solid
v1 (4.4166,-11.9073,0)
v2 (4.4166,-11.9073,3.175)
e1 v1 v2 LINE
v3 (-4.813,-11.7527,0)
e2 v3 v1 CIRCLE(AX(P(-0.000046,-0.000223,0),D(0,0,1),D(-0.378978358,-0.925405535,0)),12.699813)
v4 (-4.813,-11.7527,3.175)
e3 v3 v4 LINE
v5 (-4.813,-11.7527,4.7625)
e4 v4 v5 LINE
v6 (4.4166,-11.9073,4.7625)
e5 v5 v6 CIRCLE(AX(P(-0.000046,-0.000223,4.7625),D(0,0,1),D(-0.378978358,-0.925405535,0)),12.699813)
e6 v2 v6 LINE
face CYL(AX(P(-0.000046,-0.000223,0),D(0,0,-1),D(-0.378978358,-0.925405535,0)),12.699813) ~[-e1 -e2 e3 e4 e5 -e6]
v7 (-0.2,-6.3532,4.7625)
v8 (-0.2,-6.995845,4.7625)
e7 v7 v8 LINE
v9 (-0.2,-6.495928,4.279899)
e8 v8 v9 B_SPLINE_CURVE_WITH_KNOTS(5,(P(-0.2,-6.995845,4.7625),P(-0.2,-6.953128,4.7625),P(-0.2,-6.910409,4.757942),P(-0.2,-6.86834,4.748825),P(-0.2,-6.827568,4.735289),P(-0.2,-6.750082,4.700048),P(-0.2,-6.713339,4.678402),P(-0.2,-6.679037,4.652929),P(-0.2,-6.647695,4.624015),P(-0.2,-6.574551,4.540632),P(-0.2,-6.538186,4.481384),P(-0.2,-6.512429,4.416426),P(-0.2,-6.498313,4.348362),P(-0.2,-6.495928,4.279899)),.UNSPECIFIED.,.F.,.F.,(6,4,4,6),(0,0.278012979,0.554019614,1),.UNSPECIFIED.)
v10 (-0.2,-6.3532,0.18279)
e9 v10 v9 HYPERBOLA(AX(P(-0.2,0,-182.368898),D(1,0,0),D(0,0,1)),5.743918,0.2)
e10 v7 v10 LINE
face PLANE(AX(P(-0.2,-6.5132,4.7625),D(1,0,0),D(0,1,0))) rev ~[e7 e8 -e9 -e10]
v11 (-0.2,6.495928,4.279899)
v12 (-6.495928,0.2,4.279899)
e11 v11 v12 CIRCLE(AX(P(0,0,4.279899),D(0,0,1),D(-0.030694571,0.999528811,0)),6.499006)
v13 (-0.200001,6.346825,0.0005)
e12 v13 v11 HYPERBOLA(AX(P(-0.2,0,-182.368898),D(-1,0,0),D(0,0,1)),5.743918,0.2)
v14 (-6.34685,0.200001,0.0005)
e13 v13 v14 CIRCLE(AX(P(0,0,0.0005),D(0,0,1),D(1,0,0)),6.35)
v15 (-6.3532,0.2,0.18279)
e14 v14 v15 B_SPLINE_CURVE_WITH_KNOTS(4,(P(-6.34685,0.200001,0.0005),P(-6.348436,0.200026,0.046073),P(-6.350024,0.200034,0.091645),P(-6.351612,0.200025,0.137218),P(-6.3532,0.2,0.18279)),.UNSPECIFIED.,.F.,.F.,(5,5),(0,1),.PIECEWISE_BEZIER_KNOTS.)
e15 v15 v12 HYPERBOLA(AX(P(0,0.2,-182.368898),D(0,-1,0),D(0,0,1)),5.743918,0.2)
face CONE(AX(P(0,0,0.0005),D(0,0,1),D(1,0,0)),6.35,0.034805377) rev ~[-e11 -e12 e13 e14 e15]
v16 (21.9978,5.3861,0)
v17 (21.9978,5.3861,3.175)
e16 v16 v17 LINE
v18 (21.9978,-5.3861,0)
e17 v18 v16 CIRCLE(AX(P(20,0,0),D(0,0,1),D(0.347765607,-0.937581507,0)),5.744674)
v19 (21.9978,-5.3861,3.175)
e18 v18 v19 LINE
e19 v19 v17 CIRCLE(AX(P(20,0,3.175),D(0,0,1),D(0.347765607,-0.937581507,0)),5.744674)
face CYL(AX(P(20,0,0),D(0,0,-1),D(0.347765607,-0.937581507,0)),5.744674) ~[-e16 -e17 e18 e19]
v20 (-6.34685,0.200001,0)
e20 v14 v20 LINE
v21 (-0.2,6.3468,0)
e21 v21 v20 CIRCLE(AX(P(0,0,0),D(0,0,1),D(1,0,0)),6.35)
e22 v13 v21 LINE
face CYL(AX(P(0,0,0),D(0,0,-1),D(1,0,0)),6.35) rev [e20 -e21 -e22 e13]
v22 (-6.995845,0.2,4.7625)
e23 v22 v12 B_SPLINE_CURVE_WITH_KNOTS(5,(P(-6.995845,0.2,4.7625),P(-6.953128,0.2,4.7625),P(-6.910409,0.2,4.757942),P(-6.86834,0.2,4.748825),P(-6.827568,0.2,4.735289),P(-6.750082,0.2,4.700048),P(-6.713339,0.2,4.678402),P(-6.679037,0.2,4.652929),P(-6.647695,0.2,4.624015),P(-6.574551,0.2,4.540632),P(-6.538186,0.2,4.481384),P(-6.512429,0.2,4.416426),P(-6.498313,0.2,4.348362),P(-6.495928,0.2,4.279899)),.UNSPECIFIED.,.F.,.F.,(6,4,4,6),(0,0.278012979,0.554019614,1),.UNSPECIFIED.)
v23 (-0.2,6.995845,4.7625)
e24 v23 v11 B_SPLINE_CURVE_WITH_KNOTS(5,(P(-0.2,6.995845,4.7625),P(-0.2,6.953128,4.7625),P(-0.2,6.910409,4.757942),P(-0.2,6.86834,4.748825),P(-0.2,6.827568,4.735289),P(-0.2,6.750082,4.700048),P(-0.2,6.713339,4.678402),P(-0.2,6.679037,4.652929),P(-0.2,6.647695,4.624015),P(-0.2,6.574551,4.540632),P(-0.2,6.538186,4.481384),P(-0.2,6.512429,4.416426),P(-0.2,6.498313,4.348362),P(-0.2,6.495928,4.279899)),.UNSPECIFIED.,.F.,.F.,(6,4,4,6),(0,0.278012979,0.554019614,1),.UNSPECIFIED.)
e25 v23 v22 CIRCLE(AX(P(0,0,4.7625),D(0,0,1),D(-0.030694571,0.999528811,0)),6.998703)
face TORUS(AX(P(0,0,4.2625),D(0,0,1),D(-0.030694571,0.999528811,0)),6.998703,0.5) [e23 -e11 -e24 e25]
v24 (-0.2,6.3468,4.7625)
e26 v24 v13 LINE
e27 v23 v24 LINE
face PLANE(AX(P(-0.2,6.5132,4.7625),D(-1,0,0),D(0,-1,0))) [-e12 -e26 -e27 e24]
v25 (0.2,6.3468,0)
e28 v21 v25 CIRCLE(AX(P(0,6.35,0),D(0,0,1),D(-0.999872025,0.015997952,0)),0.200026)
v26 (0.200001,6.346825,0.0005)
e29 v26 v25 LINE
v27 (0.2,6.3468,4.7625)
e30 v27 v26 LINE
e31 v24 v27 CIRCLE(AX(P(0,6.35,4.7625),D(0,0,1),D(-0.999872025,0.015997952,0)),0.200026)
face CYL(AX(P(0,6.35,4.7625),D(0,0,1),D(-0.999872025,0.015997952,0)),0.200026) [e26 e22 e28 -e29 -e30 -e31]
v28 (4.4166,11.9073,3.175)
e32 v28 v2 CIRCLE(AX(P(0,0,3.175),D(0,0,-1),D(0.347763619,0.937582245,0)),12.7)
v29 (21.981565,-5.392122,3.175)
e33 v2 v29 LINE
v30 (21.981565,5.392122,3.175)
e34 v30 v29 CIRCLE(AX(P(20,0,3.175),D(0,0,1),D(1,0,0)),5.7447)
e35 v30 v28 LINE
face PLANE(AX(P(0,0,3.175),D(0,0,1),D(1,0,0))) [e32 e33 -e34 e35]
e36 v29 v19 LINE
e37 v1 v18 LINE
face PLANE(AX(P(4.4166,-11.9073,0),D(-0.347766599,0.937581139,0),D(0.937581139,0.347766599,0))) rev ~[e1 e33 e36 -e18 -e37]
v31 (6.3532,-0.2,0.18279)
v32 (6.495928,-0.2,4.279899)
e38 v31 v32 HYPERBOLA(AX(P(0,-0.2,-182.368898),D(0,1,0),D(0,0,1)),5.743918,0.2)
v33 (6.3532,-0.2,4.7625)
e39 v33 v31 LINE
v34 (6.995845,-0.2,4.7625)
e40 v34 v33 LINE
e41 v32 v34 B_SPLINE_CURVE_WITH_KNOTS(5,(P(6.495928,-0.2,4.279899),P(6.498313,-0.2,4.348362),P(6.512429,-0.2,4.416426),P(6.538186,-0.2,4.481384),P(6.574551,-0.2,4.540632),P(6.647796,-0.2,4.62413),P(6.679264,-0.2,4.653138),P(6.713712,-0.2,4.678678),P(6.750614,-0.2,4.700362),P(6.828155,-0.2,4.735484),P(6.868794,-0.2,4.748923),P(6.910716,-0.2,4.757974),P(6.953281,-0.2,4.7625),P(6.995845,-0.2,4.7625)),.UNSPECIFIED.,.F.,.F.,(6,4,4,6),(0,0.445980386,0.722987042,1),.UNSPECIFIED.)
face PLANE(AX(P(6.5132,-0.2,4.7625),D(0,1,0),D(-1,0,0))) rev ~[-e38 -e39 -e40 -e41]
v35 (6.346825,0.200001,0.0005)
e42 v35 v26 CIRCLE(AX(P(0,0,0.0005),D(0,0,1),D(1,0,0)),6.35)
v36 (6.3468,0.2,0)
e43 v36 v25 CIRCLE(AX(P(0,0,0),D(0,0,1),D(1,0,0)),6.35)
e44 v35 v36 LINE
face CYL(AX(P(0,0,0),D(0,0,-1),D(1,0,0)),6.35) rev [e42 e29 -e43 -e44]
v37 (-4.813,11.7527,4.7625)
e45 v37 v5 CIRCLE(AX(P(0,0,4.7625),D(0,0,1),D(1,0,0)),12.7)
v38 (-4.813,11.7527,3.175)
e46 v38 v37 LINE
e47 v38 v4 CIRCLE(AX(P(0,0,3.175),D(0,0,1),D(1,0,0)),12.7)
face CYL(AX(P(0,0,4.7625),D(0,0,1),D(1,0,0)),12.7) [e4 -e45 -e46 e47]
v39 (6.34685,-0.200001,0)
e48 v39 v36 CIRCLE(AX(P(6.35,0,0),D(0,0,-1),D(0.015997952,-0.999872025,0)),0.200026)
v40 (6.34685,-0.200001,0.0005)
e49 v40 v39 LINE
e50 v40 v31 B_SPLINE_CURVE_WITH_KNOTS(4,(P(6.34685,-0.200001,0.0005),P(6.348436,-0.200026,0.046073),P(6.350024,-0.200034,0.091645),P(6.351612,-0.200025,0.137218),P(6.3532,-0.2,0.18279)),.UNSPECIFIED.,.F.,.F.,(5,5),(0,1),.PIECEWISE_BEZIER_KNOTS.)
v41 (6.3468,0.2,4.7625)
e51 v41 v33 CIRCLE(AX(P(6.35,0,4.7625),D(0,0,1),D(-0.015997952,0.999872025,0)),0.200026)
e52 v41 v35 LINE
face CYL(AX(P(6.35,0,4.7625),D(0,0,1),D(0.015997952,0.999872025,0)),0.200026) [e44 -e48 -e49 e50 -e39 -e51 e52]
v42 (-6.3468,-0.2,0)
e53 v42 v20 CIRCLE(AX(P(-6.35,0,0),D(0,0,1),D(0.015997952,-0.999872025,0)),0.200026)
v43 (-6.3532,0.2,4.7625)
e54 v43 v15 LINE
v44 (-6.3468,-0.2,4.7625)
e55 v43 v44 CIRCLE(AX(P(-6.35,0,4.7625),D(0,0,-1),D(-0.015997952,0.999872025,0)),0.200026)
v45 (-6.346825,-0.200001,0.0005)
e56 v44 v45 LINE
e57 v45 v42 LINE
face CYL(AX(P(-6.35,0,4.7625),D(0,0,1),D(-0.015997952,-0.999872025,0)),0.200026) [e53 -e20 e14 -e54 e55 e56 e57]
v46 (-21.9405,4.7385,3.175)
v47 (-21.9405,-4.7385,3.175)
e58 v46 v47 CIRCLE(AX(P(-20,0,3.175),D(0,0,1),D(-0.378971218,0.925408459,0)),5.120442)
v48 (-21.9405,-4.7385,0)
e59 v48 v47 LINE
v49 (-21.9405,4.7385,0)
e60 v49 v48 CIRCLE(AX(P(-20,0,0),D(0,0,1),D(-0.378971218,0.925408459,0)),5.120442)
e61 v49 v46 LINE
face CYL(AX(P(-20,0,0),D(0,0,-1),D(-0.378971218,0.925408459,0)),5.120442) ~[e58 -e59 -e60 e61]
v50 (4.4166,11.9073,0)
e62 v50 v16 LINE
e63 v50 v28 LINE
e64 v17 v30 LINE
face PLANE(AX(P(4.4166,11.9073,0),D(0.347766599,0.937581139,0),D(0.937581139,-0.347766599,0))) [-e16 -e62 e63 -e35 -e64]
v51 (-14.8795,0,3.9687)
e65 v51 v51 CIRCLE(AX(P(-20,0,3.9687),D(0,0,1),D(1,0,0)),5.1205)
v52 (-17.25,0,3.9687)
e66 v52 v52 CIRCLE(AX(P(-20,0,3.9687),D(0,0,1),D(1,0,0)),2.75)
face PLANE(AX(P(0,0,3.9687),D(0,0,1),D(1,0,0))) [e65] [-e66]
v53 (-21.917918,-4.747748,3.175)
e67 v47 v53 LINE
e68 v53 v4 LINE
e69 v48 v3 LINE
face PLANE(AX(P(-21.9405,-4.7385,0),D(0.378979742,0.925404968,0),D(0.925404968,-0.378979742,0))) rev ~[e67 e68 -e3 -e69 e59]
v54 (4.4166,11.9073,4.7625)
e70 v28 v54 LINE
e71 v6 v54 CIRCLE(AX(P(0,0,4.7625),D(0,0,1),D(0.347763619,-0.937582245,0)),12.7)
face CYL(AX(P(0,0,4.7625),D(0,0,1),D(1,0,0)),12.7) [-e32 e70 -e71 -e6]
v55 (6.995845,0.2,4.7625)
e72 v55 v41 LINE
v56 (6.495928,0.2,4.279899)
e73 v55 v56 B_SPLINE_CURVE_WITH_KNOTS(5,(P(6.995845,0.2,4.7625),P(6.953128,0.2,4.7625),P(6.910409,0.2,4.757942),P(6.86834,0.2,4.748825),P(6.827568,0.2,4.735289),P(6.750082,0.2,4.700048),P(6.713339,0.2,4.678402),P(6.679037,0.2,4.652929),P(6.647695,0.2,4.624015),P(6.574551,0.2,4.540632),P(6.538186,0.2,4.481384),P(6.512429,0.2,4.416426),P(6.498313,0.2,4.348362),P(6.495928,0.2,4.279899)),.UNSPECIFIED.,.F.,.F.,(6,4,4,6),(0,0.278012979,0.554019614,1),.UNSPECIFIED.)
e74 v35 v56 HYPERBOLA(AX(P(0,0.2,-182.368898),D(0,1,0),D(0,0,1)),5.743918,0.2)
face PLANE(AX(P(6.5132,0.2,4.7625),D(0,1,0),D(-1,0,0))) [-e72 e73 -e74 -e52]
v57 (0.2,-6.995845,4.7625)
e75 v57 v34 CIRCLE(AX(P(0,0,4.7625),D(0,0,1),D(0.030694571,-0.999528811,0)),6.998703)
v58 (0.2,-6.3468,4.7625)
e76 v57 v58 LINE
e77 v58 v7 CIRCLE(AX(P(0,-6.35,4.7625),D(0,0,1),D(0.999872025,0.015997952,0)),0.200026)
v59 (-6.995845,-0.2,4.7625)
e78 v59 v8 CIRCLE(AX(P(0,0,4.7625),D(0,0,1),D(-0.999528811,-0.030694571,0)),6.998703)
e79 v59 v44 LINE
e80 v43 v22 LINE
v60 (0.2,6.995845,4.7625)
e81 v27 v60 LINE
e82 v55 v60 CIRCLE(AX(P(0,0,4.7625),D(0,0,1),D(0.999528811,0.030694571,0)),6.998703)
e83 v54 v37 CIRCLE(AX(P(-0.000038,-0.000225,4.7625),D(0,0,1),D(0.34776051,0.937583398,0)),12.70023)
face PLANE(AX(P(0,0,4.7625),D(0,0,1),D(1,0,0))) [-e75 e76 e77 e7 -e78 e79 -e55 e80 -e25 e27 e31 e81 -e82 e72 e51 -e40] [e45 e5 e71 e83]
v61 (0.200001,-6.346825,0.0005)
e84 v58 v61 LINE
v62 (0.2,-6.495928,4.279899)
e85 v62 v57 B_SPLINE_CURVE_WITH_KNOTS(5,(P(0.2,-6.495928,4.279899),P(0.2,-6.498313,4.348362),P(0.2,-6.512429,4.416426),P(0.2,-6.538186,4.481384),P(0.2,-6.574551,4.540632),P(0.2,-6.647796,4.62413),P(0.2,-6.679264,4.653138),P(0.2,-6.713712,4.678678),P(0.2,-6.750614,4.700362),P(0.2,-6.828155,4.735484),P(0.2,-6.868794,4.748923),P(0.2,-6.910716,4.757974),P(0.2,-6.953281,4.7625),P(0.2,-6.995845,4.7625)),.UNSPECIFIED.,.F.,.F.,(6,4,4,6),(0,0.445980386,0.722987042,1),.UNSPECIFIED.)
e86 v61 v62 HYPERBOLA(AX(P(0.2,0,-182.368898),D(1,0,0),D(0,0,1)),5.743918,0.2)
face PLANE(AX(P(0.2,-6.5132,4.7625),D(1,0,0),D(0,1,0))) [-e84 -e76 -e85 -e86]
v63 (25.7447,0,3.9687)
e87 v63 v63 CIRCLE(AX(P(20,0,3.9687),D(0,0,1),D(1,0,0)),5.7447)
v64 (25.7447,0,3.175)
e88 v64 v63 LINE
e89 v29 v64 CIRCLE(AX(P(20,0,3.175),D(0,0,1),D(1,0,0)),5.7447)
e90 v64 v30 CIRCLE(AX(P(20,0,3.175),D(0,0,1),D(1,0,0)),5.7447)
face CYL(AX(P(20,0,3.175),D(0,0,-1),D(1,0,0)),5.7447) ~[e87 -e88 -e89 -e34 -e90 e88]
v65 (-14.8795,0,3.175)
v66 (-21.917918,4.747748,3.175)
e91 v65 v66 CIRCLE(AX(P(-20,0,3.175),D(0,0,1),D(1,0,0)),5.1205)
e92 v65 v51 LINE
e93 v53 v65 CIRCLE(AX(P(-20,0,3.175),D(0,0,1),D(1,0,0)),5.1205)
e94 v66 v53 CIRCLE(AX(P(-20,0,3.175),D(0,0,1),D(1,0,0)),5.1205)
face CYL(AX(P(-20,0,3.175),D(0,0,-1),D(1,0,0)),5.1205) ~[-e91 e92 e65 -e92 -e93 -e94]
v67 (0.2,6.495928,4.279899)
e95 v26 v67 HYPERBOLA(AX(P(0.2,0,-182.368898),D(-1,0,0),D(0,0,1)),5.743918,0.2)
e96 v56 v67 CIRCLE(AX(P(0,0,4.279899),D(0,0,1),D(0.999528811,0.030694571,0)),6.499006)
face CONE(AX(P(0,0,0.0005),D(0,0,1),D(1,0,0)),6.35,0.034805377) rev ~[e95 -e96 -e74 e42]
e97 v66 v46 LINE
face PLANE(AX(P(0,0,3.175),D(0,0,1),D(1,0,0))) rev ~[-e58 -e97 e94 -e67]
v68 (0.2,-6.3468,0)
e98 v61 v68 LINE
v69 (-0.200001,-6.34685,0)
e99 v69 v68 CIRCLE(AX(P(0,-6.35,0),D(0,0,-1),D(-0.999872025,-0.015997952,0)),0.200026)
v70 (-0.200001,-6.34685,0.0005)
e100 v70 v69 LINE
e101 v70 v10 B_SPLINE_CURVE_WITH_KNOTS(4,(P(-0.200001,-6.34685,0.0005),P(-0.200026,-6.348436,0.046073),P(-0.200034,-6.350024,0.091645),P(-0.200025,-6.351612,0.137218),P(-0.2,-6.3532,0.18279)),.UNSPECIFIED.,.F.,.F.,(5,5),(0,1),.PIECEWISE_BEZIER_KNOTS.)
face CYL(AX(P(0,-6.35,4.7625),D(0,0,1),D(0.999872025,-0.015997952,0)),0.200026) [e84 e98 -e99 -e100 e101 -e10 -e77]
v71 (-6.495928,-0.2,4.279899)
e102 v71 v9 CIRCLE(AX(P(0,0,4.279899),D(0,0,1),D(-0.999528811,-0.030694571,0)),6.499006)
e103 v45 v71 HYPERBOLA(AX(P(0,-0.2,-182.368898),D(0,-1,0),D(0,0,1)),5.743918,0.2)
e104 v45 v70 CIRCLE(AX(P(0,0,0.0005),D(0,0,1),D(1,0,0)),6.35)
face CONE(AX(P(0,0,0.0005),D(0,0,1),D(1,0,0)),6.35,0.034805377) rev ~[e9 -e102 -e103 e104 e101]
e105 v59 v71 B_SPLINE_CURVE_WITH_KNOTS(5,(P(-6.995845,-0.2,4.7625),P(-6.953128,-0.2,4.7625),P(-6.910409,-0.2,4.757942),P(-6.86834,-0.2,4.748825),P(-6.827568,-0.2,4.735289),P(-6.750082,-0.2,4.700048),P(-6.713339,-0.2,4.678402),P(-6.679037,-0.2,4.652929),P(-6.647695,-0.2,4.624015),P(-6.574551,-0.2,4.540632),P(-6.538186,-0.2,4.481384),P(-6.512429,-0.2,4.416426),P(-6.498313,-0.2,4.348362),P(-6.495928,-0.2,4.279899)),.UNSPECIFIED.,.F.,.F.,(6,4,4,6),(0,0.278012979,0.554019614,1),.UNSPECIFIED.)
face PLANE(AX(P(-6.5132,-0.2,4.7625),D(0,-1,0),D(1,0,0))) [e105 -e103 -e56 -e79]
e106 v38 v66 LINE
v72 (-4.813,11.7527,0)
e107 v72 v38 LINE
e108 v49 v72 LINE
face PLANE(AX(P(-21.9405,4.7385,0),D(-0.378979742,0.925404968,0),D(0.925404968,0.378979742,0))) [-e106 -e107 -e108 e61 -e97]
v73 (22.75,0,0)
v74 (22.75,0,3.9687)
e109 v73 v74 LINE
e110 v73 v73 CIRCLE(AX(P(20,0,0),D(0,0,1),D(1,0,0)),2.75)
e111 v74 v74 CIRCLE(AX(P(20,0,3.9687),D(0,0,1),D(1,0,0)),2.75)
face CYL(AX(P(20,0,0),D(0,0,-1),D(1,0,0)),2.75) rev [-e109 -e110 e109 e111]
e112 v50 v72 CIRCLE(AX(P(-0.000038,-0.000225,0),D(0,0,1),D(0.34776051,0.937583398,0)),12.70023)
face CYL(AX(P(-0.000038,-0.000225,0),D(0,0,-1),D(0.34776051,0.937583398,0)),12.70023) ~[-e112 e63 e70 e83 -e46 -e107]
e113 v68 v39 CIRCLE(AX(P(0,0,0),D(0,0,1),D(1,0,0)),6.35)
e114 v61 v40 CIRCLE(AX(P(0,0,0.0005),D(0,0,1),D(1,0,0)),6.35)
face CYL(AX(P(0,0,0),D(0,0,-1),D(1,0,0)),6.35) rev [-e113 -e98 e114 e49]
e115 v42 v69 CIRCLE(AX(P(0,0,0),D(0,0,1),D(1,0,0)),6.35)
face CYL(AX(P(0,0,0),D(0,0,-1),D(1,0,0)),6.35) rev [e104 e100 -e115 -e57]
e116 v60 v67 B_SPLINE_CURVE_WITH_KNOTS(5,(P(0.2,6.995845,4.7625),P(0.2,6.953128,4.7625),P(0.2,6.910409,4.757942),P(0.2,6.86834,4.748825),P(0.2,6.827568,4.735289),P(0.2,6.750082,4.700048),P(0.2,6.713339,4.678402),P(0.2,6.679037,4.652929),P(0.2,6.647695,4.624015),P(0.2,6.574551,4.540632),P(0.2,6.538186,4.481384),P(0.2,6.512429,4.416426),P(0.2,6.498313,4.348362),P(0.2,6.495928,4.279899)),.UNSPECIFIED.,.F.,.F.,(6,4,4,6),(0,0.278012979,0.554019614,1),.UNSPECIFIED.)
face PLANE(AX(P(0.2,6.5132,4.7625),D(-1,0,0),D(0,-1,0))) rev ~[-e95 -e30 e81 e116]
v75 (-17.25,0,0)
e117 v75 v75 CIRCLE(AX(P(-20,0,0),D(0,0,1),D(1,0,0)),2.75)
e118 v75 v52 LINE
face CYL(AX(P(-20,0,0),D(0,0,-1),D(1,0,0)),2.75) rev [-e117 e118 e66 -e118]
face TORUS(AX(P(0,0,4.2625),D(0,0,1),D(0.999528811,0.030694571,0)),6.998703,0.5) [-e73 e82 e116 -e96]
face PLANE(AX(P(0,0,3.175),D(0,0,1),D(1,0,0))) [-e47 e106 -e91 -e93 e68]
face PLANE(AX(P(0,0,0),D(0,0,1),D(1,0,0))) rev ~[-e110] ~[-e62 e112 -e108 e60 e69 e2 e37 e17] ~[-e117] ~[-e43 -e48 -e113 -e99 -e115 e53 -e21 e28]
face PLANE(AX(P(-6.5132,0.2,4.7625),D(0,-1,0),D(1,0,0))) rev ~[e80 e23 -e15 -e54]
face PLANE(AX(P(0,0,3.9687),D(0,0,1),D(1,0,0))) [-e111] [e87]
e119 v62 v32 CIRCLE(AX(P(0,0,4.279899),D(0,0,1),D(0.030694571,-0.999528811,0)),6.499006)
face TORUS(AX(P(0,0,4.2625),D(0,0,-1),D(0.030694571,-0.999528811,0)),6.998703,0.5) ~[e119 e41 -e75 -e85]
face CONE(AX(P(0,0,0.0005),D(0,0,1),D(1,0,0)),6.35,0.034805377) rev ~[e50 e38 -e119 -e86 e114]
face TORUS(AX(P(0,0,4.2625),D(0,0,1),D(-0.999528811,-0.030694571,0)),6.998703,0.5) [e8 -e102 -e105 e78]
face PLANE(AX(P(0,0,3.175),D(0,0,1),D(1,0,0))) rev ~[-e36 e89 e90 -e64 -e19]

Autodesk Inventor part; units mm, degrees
ref_plane "YZ Plane" through (0, 0, 0) normal (1, 0, 0) x (0, 1, 0)
ref_plane "XZ Plane" through (0, 0, 0) normal (0, 1, 0) x (-1, 0, 0)
ref_plane "XY Plane" through (0, 0, 0) normal (0, 0, 1) x (1, 0, 0)
sketch "Sketch1" plane through (0, 0, 0) normal (0, 0, 1) x (1, 0, 0)
  circle A0 centre (0, 0) radius 6.35
  line L0 (0, 0) -> (-20, 0) construction
  line L1 (0, 0) -> (20, 0) construction
  circle A1 centre (-20, 0) radius 2.75
  circle A2 centre (20, 0) radius 2.75
  arc A3 (-21.9405, 4.7385) -> (-21.9405, -4.7385) centre (-20, 0) ccw
  arc A4 (21.9978, -5.3861) -> (21.9978, 5.3861) centre (20, 0) ccw
  line L2 (-21.9405, 4.7385) -> (-4.813, 11.7527)
  line L3 (-21.9405, -4.7385) -> (-4.813, -11.7527)
  line L4 (4.4166, -11.9073) -> (21.9978, -5.3861)
  line L5 (4.4166, 11.9073) -> (21.9978, 5.3861)
  arc A5 (4.4166, 11.9073) -> (-4.813, 11.7527) centre (0, 0) ccw
  arc A6 (-4.813, -11.7527) -> (4.4166, -11.9073) centre (0, 0) ccw
  dimension "d0" = 12.7
  dimension "d2" = 20
  dimension "d3" = 20
  dimension "d4" = 5.5
  dimension "d5" = 5.5
extrude "Extrusion1" add sketch "Sketch1" along normal blind 4.7625
chamfer "Chamfer1" distance 4.7625 angle 2 1 edges at (-6.35, 0, 4.7625) measured on face at (6.2678, -1.0186, 3.175)
sketch "Sketch2" plane through (0, 0, 4.7625) normal (0, 0, 1) x (1, 0, 0)
  line L0 (0.2, 6.5132) -> (0.2, 6.3468)
  line L1 (-0.2, 6.5132) -> (-0.2, 6.3468)
  circle A0 centre (0, 0) radius 6.5163 projected
  circle A1 centre (0, 0) radius 6.35 projected
  arc A2 (-0.2, 6.3532) -> (0.2, 6.3532) centre (0, 6.35) ccw
  line L2 (-6.5132, -0.2) -> (-6.3468, -0.2)
  arc A3 (-6.3532, -0.2) -> (-6.3532, 0.2) centre (-6.35, 0) ccw
  line L3 (-6.5132, 0.2) -> (-6.3468, 0.2)
  line L4 (0.2, -6.5132) -> (0.2, -6.3468)
  arc A4 (0.2, -6.3532) -> (-0.2, -6.3532) centre (0, -6.35) ccw
  line L5 (-0.2, -6.5132) -> (-0.2, -6.3468)
  line L6 (6.5132, 0.2) -> (6.3468, 0.2)
  arc A5 (6.3532, 0.2) -> (6.3532, -0.2) centre (6.35, 0) ccw
  line L7 (6.5132, -0.2) -> (6.3468, -0.2)
  dimension "d11" = 0.2
  dimension "d12" = 0.2
  dimension "d15" = 360
extrude "Extrusion2" add sketch "Sketch2" against normal blind 4.7625 contours L0 A1 L1 A0 | A0 L7 A5 A1 L6 | A2 A1 | L3 A3 A1 L2 A0 | A1 A5 | A3 A1 | A0 L5 A4 A1 L4 | A1 A4
fillet "Fillet1" radius 0.5 4 edges at (-4.6074, 4.6074, 4.7625) (-4.6074, -4.6074, 4.7625) (4.6074, -4.6074, 4.7625) (4.6074, 4.6074, 4.7625)
sketch "Sketch3" plane through (0, 0, 4.7625) normal (0, 0, 1) x (1, 0, 0)
  circle A0 centre (0, 0) radius 12.7
  circle A1 centre (20, 0) radius 2.75 projected
  circle A2 centre (-20, 0) radius 2.75 projected
  line L0 (-4.813, 11.7527) -> (-21.9405, 4.7385) projected
  arc A3 (-21.9405, 4.7385) -> (-21.9405, -4.7385) centre (-20, 0) ccw projected
  line L1 (-21.9405, -4.7385) -> (-4.813, -11.7527) projected
  arc A4 (-4.813, -11.7527) -> (4.4166, -11.9073) centre (0, 0) ccw projected
  line L2 (4.4166, -11.9073) -> (21.9978, -5.3861) projected
  arc A5 (21.9978, -5.3861) -> (21.9978, 5.3861) centre (20, 0) ccw projected
  line L3 (21.9978, 5.3861) -> (4.4166, 11.9073) projected
  arc A6 (4.4166, 11.9073) -> (-4.813, 11.7527) centre (0, 0) ccw projected
  line L4 (0.2, 6.3468) -> (0.2, 6.9963) projected
  arc A7 (6.9963, 0.2) -> (0.2, 6.9963) centre (0, 0) ccw projected
  line L5 (6.9963, 0.2) -> (6.3468, 0.2) projected
  arc A8 (6.3468, 0.2) -> (6.3468, -0.2) centre (6.35, 0) ccw projected
  line L6 (6.3468, -0.2) -> (6.9963, -0.2) projected
  arc A9 (0.2, -6.9963) -> (6.9963, -0.2) centre (0, 0) ccw projected
  line L7 (0.2, -6.9963) -> (0.2, -6.3468) projected
  arc A10 (0.2, -6.3468) -> (-0.2, -6.3468) centre (0, -6.35) ccw projected
  line L8 (-0.2, -6.3468) -> (-0.2, -6.9963) projected
  arc A11 (-6.9963, -0.2) -> (-0.2, -6.9963) centre (0, 0) ccw projected
  line L9 (-6.9963, -0.2) -> (-6.3468, -0.2) projected
  arc A12 (-6.3468, -0.2) -> (-6.3468, 0.2) centre (-6.35, 0) ccw projected
  line L10 (-6.3468, 0.2) -> (-6.9963, 0.2) projected
  arc A13 (-0.2, 6.9963) -> (-6.9963, 0.2) centre (0, 0) ccw projected
  line L11 (-0.2, 6.9963) -> (-0.2, 6.3468) projected
  arc A14 (-0.2, 6.3468) -> (0.2, 6.3468) centre (0, 6.35) ccw projected
  point P0 (4.4166, -11.9073)
extrude "Extrusion3" cut sketch "Sketch3" against normal blind 1.5875 contours A0 L3 A5 L2 | A0 L1 A3 L0
sketch "Sketch4" plane through (0, 0, 3.175) normal (0, 0, 1) x (1, 0, 0)
  circle A0 centre (-20, 0) radius 2.75 projected
  circle A1 centre (20, 0) radius 2.75 projected
  circle A2 centre (-20, 0) radius 5.1205
  circle A3 centre (20, 0) radius 5.7447
  point P0 (0, 0)
extrude "Extrusion4" add sketch "Sketch4" along normal blind 0.7937
equation "\"d5\" = d4"
properties part number "0.5in Flanged Pillowblock Frame"
